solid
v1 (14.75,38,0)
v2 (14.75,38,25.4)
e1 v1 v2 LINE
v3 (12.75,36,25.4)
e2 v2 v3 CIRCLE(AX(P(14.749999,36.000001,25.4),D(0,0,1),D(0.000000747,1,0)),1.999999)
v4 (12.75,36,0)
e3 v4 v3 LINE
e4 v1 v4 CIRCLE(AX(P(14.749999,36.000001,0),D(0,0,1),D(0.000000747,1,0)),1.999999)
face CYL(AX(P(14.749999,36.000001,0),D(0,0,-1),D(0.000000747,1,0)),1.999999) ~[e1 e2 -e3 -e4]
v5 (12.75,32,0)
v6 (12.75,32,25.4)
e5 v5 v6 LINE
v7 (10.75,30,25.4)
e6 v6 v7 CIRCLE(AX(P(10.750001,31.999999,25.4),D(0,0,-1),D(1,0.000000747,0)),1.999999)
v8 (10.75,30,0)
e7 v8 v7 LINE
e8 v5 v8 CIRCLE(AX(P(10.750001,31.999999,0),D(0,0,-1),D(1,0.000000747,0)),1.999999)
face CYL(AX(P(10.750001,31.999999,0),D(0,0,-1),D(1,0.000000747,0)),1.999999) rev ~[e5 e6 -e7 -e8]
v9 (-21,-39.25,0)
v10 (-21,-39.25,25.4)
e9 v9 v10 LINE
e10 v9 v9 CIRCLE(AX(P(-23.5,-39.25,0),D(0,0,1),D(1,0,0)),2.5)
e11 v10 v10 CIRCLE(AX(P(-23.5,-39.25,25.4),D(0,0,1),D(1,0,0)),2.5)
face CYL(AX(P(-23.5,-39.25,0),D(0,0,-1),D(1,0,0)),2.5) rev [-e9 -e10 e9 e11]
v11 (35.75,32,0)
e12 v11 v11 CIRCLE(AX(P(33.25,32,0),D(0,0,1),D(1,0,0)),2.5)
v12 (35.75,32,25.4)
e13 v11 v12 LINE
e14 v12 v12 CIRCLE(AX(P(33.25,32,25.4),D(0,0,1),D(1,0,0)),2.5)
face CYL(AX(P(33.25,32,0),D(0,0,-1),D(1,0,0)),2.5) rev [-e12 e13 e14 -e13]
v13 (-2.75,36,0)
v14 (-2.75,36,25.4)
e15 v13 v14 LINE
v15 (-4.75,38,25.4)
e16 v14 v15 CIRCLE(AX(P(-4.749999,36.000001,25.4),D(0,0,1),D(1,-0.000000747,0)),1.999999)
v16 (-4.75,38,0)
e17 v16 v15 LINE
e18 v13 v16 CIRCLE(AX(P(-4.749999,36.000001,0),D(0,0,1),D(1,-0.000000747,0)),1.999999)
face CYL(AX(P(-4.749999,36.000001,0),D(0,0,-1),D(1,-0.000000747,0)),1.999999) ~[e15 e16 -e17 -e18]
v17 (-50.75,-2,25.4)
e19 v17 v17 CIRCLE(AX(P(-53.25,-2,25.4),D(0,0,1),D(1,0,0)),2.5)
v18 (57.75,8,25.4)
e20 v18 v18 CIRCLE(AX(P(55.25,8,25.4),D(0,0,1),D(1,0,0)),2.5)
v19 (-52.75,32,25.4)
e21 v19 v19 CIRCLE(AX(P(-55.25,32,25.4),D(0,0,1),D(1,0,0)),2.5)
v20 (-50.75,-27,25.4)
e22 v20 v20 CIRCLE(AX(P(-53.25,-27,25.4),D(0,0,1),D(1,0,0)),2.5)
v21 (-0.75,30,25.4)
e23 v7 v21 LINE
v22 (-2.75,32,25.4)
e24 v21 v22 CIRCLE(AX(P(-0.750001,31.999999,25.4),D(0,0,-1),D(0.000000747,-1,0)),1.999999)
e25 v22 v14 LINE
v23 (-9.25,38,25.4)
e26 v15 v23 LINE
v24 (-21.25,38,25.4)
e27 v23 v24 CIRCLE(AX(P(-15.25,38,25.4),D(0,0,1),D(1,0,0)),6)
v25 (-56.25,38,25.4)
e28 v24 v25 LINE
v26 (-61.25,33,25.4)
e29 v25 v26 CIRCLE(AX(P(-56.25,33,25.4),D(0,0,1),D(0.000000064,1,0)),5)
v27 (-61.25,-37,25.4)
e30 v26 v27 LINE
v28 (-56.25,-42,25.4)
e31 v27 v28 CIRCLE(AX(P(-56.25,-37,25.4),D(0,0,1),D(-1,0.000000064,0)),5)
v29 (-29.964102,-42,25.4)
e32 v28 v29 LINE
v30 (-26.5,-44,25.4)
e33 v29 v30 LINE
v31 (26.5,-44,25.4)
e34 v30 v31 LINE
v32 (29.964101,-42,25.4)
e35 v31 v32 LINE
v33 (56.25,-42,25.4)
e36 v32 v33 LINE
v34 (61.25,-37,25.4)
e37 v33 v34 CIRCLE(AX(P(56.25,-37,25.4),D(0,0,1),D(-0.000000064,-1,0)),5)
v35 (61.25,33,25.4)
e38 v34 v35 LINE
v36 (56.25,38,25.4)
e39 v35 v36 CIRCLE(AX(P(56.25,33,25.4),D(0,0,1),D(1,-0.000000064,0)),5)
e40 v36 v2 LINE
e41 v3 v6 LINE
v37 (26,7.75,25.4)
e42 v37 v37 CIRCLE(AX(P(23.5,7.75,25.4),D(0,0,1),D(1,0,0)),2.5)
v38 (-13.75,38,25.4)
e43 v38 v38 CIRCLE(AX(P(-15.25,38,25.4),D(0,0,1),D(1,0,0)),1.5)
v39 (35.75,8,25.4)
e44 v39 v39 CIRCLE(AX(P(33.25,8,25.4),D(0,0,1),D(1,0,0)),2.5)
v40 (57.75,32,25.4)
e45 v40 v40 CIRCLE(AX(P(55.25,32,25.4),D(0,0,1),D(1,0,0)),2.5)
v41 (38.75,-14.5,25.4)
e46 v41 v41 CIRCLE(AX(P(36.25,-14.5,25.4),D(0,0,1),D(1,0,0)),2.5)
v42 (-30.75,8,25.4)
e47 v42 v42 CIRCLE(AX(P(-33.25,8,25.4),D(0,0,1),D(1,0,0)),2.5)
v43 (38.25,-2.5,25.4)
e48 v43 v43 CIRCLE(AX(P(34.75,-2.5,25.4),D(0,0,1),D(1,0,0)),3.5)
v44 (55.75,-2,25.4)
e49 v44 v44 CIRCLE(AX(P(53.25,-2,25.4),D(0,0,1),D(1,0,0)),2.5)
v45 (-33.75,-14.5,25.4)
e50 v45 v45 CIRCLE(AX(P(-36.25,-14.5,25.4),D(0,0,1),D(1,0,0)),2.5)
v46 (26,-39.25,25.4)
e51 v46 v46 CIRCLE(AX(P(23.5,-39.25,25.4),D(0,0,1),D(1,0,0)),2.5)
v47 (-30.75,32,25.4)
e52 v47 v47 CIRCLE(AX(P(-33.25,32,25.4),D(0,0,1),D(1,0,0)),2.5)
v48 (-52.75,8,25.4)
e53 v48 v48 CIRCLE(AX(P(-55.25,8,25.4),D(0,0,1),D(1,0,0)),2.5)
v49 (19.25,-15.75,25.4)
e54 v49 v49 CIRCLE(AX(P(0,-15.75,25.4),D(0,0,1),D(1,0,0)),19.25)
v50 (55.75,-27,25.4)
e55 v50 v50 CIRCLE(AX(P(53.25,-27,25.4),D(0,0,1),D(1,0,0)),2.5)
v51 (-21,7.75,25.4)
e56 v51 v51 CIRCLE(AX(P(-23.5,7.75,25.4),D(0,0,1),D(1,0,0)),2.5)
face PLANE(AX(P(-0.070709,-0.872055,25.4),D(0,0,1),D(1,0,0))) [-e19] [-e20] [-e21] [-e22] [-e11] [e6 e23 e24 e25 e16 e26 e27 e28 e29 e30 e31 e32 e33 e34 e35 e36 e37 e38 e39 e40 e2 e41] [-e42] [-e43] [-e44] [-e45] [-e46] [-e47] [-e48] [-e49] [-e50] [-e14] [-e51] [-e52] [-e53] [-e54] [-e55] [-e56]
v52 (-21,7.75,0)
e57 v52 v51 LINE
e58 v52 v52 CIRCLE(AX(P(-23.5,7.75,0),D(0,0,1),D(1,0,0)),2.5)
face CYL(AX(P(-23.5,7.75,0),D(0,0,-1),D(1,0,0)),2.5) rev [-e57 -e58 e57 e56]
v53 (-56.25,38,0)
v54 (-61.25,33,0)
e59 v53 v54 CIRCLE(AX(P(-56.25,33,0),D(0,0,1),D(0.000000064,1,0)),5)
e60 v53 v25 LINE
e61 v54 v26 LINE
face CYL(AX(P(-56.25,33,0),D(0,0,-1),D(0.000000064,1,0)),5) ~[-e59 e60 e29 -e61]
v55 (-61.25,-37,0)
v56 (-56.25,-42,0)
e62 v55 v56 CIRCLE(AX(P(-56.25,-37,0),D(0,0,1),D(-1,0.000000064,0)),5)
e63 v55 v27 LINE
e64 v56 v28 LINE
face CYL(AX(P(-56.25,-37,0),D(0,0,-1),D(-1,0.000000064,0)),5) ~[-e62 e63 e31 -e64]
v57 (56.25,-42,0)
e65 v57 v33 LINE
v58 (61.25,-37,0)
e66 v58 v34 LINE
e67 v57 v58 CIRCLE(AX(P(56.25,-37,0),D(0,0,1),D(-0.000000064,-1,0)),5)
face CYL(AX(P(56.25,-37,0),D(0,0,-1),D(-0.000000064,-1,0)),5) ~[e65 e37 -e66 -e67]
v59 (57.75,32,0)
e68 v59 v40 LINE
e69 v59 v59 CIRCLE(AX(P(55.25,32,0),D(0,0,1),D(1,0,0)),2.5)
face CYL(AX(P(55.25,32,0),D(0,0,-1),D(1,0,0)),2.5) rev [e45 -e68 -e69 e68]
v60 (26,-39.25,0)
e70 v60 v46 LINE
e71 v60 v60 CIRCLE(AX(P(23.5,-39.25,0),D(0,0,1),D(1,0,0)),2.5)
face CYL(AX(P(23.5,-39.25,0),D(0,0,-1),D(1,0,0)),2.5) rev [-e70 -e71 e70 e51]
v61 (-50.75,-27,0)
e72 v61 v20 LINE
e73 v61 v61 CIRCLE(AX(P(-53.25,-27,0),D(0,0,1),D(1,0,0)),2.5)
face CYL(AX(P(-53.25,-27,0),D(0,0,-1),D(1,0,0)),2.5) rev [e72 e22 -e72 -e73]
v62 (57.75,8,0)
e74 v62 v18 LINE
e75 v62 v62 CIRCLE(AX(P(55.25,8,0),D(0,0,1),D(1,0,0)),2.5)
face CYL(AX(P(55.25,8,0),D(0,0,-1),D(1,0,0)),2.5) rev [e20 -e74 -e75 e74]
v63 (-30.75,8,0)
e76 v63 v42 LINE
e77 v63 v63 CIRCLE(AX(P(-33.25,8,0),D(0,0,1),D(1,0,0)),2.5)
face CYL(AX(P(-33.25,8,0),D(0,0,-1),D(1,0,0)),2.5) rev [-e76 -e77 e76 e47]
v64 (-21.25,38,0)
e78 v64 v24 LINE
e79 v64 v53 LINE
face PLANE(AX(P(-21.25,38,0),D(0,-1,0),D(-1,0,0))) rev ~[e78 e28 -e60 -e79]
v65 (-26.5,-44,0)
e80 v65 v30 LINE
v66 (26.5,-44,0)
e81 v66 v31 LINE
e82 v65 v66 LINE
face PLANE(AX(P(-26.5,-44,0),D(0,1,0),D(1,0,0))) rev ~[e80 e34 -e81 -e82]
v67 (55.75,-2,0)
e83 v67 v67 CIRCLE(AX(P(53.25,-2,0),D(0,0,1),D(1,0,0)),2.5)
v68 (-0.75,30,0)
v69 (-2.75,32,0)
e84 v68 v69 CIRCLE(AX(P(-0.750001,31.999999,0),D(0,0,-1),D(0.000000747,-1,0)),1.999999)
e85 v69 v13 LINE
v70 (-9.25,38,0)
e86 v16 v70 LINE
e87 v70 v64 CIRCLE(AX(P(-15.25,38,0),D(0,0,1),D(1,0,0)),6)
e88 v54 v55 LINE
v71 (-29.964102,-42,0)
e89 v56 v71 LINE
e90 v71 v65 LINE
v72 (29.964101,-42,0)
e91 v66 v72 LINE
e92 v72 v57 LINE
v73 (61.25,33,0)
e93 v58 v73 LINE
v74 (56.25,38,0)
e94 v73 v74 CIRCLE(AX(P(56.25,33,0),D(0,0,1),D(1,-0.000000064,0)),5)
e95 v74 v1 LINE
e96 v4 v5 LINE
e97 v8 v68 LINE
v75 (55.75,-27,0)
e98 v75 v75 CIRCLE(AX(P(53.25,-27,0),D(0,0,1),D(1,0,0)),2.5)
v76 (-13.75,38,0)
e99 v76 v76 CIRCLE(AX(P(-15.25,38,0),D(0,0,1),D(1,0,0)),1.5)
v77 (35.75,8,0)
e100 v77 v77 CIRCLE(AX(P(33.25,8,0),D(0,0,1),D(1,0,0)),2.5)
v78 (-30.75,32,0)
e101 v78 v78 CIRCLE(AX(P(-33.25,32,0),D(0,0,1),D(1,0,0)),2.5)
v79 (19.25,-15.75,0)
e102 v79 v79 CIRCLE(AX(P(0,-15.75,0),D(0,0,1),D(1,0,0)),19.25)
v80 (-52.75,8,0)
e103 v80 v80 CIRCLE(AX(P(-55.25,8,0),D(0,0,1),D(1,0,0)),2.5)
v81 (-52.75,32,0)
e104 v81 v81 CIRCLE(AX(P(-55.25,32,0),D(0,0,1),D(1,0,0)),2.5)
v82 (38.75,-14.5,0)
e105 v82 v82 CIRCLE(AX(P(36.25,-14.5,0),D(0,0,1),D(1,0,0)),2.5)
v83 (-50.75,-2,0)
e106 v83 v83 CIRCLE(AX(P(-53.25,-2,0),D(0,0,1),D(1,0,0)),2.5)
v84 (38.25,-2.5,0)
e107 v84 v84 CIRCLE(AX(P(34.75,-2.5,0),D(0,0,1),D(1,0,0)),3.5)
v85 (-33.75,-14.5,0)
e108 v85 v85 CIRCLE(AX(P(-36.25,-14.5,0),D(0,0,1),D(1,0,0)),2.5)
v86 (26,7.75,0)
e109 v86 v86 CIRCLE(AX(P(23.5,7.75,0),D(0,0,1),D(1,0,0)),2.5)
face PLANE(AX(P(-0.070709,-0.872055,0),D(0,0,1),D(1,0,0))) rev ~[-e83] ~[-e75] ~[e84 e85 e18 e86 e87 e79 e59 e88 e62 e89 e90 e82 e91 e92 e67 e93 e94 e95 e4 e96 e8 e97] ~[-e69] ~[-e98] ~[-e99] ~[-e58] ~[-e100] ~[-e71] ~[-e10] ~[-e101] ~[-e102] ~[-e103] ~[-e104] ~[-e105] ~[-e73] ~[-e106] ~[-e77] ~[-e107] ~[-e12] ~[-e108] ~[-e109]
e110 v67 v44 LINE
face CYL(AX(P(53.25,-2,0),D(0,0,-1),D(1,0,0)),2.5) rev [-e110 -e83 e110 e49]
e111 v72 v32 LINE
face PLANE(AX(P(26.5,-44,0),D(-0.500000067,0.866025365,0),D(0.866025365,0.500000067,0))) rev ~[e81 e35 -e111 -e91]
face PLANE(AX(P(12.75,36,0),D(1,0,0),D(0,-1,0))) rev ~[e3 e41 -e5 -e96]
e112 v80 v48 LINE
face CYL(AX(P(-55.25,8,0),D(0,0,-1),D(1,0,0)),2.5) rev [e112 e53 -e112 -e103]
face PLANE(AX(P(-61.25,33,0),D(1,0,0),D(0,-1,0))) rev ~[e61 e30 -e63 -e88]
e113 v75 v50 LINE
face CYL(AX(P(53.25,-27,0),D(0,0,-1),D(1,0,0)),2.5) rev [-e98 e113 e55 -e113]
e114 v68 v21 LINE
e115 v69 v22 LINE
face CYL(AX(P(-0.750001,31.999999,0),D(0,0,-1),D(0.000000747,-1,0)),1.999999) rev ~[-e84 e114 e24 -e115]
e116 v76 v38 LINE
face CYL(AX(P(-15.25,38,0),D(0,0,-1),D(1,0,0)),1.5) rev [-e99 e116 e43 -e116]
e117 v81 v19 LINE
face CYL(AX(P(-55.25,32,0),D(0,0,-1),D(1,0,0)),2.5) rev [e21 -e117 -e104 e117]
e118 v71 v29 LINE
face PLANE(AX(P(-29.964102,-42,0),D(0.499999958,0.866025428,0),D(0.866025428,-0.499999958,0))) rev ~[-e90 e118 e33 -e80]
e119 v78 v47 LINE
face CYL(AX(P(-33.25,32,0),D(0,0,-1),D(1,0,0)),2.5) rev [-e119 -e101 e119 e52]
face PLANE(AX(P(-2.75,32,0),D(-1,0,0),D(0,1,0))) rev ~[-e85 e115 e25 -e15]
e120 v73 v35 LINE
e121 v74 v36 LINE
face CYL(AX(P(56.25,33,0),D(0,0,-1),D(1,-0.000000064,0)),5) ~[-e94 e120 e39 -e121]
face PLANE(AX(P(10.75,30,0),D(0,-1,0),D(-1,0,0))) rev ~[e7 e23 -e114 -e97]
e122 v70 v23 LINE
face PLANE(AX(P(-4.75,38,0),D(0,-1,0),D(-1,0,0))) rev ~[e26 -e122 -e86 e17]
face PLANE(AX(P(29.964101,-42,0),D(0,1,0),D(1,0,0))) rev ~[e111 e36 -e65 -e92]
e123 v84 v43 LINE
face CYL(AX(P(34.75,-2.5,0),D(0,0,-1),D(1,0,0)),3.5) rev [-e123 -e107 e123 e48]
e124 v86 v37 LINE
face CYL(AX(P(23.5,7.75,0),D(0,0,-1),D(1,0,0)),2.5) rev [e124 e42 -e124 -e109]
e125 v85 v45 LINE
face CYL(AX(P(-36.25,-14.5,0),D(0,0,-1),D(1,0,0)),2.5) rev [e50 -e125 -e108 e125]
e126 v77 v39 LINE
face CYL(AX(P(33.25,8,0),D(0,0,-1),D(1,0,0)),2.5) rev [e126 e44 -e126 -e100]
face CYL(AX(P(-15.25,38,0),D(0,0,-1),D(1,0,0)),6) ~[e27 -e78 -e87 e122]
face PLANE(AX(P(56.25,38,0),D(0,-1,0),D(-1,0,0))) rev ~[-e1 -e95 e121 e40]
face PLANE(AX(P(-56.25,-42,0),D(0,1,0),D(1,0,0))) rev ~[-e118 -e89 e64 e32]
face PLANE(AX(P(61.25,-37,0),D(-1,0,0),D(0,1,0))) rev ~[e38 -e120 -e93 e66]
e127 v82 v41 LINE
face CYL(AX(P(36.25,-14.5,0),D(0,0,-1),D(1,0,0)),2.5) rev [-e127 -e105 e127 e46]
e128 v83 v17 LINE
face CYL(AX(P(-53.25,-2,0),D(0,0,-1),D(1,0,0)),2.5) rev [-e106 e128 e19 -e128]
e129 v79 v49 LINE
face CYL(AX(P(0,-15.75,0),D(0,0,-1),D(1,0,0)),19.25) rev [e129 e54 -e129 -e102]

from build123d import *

# Parameters (mm, degrees)
F0_R     = 2.5
F0_R_2   = 19.25
F0_R_3   = 3.5
F0_R_4   = 1.5
F1_DEPTH = 25.4


with BuildPart() as f1:
    # F0 (on Top) → F1 (new body)
    with BuildSketch(Plane.XY):
        with BuildLine():
            Line((56.25, 38), (14.75, 38))
            ThreePointArc((14.75, 38), (13.335786, 37.414214), (12.75, 36))
            Line((12.75, 36), (12.75, 32))
            ThreePointArc((12.75, 32), (12.164214, 30.585786), (10.75, 30))
            Line((10.75, 30), (-0.75, 30))
            ThreePointArc((-0.75, 30), (-2.164214, 30.585786), (-2.75, 32))
            Line((-2.75, 32), (-2.75, 36))
            ThreePointArc((-2.75, 36), (-3.335786, 37.414214), (-4.75, 38))
            Line((-4.75, 38), (-9.25, 38))
            ThreePointArc((-9.25, 38), (-15.25, 44), (-21.25, 38))
            Line((-21.25, 38), (-56.25, 38))
            ThreePointArc((-56.25, 38), (-59.785534, 36.535534), (-61.25, 33))
            Line((-61.25, 33), (-61.25, -37))
            ThreePointArc((-61.25, -37), (-59.785534, -40.535534), (-56.25, -42))
            Line((-56.25, -42), (-29.964102, -42))
            Line((-29.964102, -42), (-26.5, -44))
            Line((-26.5, -44), (26.5, -44))
            Line((26.5, -44), (29.964101, -42))
            Line((29.964101, -42), (56.25, -42))
            ThreePointArc((56.25, -42), (59.785534, -40.535534), (61.25, -37))
            Line((61.25, -37), (61.25, 33))
            ThreePointArc((61.25, 33), (59.785534, 36.535534), (56.25, 38))
        make_face()
        with Locations((-53.25, -27)):
            Circle(F0_R, mode=Mode.SUBTRACT)
        with Locations((-23.5, -39.25)):
            Circle(F0_R, mode=Mode.SUBTRACT)
        with Locations((-36.25, -14.5)):
            Circle(F0_R, mode=Mode.SUBTRACT)
        with Locations((-53.25, -2)):
            Circle(F0_R, mode=Mode.SUBTRACT)
        with Locations((23.5, -39.25)):
            Circle(F0_R, mode=Mode.SUBTRACT)
        with Locations((53.25, -27)):
            Circle(F0_R, mode=Mode.SUBTRACT)
        with Locations((0, -15.75)):
            Circle(F0_R_2, mode=Mode.SUBTRACT)
        with Locations((36.25, -14.5)):
            Circle(F0_R, mode=Mode.SUBTRACT)
        with Locations((34.75, -2.5)):
            Circle(F0_R_3, mode=Mode.SUBTRACT)
        with Locations((53.25, -2)):
            Circle(F0_R, mode=Mode.SUBTRACT)
        with Locations((-55.25, 8)):
            Circle(F0_R, mode=Mode.SUBTRACT)
        with Locations((-33.25, 8)):
            Circle(F0_R, mode=Mode.SUBTRACT)
        with Locations((-23.5, 7.75)):
            Circle(F0_R, mode=Mode.SUBTRACT)
        with Locations((-55.25, 32)):
            Circle(F0_R, mode=Mode.SUBTRACT)
        with Locations((-33.25, 32)):
            Circle(F0_R, mode=Mode.SUBTRACT)
        with Locations((-15.25, 38)):
            Circle(F0_R_4, mode=Mode.SUBTRACT)
        with Locations((23.5, 7.75)):
            Circle(F0_R, mode=Mode.SUBTRACT)
        with Locations((33.25, 8)):
            Circle(F0_R, mode=Mode.SUBTRACT)
        with Locations((55.25, 8)):
            Circle(F0_R, mode=Mode.SUBTRACT)
        with Locations((33.25, 32)):
            Circle(F0_R, mode=Mode.SUBTRACT)
        with Locations((55.25, 32)):
            Circle(F0_R, mode=Mode.SUBTRACT)
    extrude(amount=F1_DEPTH)


solid = f1.part
